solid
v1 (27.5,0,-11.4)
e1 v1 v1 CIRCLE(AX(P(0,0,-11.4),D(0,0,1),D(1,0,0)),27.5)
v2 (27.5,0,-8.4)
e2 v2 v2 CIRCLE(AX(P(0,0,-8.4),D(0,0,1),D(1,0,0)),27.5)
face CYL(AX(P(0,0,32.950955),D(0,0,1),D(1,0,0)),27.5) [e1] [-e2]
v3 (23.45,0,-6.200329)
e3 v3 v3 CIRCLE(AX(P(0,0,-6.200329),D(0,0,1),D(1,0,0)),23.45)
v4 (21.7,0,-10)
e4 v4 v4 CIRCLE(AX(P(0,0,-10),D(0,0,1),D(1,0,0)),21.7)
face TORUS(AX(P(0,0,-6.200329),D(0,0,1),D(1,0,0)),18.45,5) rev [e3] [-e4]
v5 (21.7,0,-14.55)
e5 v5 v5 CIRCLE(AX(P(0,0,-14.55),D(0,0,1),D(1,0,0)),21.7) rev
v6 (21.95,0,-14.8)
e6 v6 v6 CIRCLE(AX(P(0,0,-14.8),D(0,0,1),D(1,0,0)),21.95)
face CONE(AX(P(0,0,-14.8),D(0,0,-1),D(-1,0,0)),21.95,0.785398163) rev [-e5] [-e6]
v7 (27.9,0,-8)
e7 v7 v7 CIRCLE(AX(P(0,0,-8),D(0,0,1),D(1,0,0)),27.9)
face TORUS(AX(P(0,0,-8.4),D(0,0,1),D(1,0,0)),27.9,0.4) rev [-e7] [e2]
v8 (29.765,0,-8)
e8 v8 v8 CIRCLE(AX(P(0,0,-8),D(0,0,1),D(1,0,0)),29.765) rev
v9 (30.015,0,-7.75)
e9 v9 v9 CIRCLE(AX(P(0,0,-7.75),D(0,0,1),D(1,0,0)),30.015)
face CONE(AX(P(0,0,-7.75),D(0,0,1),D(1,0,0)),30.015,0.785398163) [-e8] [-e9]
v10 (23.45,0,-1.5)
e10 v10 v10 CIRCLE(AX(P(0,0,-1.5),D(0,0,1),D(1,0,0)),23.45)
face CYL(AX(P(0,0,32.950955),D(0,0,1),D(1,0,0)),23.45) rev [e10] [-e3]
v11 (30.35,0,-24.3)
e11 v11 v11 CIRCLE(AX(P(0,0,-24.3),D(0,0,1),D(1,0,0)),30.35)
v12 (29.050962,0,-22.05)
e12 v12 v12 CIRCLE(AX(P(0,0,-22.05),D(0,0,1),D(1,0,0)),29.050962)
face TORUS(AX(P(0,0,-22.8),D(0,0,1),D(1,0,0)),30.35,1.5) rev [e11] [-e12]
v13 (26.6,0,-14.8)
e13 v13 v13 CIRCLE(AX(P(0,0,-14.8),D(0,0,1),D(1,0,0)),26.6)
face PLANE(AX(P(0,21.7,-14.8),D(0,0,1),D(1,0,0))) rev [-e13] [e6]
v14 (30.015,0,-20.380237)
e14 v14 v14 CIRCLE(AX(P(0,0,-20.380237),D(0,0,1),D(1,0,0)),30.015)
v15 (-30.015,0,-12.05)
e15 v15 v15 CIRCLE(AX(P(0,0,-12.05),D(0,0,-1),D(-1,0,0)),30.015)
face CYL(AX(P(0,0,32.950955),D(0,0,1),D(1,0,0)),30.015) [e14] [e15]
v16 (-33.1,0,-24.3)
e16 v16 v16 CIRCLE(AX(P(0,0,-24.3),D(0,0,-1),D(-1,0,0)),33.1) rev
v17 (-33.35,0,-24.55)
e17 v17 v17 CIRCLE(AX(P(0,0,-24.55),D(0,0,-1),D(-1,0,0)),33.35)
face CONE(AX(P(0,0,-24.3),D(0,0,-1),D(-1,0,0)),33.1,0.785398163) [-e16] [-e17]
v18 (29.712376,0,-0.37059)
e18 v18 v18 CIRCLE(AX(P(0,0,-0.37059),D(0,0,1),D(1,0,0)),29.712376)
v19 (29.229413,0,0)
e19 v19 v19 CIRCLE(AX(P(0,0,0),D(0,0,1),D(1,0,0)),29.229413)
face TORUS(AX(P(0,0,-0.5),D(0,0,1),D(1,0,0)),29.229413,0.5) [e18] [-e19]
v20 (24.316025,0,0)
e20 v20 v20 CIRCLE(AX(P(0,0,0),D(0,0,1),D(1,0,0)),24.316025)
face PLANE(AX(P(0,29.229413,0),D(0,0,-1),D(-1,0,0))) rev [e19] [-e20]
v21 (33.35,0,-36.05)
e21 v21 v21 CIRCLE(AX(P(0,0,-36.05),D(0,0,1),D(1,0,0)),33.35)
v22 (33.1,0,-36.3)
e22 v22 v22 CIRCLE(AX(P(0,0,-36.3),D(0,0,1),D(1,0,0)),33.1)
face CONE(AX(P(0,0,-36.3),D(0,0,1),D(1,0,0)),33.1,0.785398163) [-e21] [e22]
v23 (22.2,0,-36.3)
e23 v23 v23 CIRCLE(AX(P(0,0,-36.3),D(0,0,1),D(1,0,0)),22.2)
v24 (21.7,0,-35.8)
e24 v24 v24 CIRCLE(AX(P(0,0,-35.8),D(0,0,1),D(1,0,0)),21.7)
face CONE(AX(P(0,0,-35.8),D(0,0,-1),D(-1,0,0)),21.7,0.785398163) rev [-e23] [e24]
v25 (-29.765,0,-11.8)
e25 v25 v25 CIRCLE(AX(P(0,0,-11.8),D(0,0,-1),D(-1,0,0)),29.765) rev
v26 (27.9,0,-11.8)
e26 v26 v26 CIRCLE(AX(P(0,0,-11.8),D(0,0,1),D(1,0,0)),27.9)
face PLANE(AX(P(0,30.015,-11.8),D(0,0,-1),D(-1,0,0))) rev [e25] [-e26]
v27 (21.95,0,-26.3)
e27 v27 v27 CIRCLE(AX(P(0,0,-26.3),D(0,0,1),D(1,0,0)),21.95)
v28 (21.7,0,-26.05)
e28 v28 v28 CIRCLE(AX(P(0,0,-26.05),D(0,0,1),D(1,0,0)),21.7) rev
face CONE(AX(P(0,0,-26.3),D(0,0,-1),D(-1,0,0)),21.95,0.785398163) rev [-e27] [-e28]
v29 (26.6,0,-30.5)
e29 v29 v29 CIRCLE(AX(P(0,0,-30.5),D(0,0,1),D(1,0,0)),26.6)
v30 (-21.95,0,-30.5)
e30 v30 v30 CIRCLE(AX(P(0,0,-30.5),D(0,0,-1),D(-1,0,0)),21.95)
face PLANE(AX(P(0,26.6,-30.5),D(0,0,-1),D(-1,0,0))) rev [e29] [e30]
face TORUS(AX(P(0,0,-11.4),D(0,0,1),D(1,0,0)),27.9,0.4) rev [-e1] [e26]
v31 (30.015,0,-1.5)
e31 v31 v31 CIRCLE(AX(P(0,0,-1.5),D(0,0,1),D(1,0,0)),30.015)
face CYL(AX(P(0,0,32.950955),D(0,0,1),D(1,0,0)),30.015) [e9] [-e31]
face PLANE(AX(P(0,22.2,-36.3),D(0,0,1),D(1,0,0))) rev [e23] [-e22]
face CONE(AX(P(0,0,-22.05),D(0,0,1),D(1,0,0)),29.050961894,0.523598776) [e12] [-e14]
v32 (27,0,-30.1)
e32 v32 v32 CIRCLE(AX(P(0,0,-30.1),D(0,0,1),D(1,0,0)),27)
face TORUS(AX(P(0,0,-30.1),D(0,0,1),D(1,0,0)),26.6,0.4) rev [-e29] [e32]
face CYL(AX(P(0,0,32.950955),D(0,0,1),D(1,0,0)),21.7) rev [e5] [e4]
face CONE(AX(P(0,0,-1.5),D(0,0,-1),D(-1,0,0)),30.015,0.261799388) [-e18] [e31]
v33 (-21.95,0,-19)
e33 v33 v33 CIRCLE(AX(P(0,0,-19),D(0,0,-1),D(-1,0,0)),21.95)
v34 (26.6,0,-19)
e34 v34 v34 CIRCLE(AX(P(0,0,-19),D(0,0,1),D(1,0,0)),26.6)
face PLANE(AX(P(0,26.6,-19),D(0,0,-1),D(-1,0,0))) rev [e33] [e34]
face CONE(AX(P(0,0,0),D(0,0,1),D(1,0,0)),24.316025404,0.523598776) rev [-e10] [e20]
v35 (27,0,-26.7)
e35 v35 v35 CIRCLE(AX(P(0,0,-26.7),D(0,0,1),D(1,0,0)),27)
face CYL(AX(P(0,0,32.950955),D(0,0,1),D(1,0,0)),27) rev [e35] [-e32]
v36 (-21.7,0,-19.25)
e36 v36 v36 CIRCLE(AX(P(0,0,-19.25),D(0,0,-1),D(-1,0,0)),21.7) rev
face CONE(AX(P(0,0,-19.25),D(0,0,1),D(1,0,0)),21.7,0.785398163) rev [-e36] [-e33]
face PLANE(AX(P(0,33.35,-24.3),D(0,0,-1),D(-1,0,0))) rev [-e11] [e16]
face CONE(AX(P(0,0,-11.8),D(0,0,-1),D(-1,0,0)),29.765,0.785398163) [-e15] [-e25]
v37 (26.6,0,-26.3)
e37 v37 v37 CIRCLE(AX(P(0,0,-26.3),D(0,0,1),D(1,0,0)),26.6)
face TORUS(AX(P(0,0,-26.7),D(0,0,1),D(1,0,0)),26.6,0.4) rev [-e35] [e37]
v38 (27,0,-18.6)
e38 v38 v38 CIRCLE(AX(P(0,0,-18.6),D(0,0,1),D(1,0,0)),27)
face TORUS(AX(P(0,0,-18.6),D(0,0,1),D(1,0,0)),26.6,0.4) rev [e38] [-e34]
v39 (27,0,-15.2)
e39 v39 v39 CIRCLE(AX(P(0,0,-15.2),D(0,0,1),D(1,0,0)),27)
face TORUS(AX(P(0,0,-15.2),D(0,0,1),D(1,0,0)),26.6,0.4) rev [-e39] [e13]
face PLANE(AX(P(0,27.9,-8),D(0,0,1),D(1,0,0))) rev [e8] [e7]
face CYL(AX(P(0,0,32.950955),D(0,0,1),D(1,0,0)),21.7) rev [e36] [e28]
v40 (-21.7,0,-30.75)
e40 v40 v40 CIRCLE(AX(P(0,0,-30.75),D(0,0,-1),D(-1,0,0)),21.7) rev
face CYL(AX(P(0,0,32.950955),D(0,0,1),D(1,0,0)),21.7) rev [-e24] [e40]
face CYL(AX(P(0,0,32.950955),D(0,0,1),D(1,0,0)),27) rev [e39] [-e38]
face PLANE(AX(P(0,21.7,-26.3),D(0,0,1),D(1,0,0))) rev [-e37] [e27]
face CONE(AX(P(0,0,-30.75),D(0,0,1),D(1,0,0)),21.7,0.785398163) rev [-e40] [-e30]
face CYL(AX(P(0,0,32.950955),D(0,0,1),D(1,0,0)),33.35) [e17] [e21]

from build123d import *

# Parameters (mm, degrees)
CHAMFER1_SIZE = 0.25


with BuildPart() as part:
    # Sketch1 → Revolve1 (revolve)
    with BuildSketch(Plane(origin=(0, 0, 0), x_dir=(0, 0, -1), z_dir=(1, 0, 0)), mode=Mode.PRIVATE) as revolve1_sk:
        with BuildLine():
            Line((0, 29.229412717), (0, 24.316025404))
            Line((0, 24.316025404), (1.5, 23.45))
            Line((1.5, 23.45), (6.200328962, 23.45))
            ThreePointArc((6.200328962, 23.45), (8.291979028, 22.991475531), (10, 21.7))
            Line((10, 21.7), (14.8, 21.7))
            Line((14.8, 21.7), (14.8, 26.6))
            ThreePointArc((14.8, 26.6), (14.917157288, 26.882842712), (15.2, 27))
            Line((15.2, 27), (18.6, 27))
            ThreePointArc((18.6, 27), (18.882842712, 26.882842712), (19, 26.6))
            Line((19, 26.6), (19, 21.7))
            Line((19, 21.7), (26.3, 21.7))
            Line((26.3, 21.7), (26.3, 26.6))
            ThreePointArc((26.3, 26.6), (26.417157288, 26.882842712), (26.7, 27))
            Line((26.7, 27), (30.1, 27))
            ThreePointArc((30.1, 27), (30.382842712, 26.882842712), (30.5, 26.6))
            Line((30.5, 26.6), (30.5, 21.7))
            Line((30.5, 21.7), (35.8, 21.7))
            Line((35.8, 21.7), (36.3, 22.2))
            Line((36.3, 22.2), (36.3, 33.1))
            Line((36.3, 33.1), (36.05, 33.35))
            Line((36.05, 33.35), (24.3, 33.35))
            Line((24.3, 33.35), (24.3, 30.35))
            ThreePointArc((24.3, 30.35), (23.55, 29.050961894), (22.05, 29.050961894))
            Line((22.05, 29.050961894), (20.380237021, 30.015))
            Line((20.380237021, 30.015), (11.8, 30.015))
            Line((11.8, 30.015), (11.8, 27.9))
            ThreePointArc((11.8, 27.9), (11.682842712, 27.617157288), (11.4, 27.5))
            Line((11.4, 27.5), (8.4, 27.5))
            ThreePointArc((8.4, 27.5), (8.117157288, 27.617157288), (8, 27.9))
            Line((8, 27.9), (8, 30.015))
            Line((8, 30.015), (1.5, 30.015))
            Line((1.5, 30.015), (0.370590477, 29.712375631))
            ThreePointArc((0.370590477, 29.712375631), (0.10332333, 29.533793432), (0, 29.229412717))
        make_face()
    revolve(revolve1_sk.sketch.rotate(Axis((0, 0, 32.950954669), (0, 0, -1)), 90), axis=Axis((0, 0, 32.950954669), (0, 0, -1)))

    # Chamfer1
    chamfer1_edges = [part.edges().sort_by_distance(p)[0] for p in [
        (-33.35, 0, -24.3),
        (-21.7, 0, -30.5),
        (-21.7, 0, -26.3),
        (-21.7, 0, -19),
        (-21.7, 0, -14.8),
        (-30.015, 0, -8),
        (-30.015, 0, -11.8),
    ]]
    chamfer(chamfer1_edges, length=CHAMFER1_SIZE)


solid = part.part
